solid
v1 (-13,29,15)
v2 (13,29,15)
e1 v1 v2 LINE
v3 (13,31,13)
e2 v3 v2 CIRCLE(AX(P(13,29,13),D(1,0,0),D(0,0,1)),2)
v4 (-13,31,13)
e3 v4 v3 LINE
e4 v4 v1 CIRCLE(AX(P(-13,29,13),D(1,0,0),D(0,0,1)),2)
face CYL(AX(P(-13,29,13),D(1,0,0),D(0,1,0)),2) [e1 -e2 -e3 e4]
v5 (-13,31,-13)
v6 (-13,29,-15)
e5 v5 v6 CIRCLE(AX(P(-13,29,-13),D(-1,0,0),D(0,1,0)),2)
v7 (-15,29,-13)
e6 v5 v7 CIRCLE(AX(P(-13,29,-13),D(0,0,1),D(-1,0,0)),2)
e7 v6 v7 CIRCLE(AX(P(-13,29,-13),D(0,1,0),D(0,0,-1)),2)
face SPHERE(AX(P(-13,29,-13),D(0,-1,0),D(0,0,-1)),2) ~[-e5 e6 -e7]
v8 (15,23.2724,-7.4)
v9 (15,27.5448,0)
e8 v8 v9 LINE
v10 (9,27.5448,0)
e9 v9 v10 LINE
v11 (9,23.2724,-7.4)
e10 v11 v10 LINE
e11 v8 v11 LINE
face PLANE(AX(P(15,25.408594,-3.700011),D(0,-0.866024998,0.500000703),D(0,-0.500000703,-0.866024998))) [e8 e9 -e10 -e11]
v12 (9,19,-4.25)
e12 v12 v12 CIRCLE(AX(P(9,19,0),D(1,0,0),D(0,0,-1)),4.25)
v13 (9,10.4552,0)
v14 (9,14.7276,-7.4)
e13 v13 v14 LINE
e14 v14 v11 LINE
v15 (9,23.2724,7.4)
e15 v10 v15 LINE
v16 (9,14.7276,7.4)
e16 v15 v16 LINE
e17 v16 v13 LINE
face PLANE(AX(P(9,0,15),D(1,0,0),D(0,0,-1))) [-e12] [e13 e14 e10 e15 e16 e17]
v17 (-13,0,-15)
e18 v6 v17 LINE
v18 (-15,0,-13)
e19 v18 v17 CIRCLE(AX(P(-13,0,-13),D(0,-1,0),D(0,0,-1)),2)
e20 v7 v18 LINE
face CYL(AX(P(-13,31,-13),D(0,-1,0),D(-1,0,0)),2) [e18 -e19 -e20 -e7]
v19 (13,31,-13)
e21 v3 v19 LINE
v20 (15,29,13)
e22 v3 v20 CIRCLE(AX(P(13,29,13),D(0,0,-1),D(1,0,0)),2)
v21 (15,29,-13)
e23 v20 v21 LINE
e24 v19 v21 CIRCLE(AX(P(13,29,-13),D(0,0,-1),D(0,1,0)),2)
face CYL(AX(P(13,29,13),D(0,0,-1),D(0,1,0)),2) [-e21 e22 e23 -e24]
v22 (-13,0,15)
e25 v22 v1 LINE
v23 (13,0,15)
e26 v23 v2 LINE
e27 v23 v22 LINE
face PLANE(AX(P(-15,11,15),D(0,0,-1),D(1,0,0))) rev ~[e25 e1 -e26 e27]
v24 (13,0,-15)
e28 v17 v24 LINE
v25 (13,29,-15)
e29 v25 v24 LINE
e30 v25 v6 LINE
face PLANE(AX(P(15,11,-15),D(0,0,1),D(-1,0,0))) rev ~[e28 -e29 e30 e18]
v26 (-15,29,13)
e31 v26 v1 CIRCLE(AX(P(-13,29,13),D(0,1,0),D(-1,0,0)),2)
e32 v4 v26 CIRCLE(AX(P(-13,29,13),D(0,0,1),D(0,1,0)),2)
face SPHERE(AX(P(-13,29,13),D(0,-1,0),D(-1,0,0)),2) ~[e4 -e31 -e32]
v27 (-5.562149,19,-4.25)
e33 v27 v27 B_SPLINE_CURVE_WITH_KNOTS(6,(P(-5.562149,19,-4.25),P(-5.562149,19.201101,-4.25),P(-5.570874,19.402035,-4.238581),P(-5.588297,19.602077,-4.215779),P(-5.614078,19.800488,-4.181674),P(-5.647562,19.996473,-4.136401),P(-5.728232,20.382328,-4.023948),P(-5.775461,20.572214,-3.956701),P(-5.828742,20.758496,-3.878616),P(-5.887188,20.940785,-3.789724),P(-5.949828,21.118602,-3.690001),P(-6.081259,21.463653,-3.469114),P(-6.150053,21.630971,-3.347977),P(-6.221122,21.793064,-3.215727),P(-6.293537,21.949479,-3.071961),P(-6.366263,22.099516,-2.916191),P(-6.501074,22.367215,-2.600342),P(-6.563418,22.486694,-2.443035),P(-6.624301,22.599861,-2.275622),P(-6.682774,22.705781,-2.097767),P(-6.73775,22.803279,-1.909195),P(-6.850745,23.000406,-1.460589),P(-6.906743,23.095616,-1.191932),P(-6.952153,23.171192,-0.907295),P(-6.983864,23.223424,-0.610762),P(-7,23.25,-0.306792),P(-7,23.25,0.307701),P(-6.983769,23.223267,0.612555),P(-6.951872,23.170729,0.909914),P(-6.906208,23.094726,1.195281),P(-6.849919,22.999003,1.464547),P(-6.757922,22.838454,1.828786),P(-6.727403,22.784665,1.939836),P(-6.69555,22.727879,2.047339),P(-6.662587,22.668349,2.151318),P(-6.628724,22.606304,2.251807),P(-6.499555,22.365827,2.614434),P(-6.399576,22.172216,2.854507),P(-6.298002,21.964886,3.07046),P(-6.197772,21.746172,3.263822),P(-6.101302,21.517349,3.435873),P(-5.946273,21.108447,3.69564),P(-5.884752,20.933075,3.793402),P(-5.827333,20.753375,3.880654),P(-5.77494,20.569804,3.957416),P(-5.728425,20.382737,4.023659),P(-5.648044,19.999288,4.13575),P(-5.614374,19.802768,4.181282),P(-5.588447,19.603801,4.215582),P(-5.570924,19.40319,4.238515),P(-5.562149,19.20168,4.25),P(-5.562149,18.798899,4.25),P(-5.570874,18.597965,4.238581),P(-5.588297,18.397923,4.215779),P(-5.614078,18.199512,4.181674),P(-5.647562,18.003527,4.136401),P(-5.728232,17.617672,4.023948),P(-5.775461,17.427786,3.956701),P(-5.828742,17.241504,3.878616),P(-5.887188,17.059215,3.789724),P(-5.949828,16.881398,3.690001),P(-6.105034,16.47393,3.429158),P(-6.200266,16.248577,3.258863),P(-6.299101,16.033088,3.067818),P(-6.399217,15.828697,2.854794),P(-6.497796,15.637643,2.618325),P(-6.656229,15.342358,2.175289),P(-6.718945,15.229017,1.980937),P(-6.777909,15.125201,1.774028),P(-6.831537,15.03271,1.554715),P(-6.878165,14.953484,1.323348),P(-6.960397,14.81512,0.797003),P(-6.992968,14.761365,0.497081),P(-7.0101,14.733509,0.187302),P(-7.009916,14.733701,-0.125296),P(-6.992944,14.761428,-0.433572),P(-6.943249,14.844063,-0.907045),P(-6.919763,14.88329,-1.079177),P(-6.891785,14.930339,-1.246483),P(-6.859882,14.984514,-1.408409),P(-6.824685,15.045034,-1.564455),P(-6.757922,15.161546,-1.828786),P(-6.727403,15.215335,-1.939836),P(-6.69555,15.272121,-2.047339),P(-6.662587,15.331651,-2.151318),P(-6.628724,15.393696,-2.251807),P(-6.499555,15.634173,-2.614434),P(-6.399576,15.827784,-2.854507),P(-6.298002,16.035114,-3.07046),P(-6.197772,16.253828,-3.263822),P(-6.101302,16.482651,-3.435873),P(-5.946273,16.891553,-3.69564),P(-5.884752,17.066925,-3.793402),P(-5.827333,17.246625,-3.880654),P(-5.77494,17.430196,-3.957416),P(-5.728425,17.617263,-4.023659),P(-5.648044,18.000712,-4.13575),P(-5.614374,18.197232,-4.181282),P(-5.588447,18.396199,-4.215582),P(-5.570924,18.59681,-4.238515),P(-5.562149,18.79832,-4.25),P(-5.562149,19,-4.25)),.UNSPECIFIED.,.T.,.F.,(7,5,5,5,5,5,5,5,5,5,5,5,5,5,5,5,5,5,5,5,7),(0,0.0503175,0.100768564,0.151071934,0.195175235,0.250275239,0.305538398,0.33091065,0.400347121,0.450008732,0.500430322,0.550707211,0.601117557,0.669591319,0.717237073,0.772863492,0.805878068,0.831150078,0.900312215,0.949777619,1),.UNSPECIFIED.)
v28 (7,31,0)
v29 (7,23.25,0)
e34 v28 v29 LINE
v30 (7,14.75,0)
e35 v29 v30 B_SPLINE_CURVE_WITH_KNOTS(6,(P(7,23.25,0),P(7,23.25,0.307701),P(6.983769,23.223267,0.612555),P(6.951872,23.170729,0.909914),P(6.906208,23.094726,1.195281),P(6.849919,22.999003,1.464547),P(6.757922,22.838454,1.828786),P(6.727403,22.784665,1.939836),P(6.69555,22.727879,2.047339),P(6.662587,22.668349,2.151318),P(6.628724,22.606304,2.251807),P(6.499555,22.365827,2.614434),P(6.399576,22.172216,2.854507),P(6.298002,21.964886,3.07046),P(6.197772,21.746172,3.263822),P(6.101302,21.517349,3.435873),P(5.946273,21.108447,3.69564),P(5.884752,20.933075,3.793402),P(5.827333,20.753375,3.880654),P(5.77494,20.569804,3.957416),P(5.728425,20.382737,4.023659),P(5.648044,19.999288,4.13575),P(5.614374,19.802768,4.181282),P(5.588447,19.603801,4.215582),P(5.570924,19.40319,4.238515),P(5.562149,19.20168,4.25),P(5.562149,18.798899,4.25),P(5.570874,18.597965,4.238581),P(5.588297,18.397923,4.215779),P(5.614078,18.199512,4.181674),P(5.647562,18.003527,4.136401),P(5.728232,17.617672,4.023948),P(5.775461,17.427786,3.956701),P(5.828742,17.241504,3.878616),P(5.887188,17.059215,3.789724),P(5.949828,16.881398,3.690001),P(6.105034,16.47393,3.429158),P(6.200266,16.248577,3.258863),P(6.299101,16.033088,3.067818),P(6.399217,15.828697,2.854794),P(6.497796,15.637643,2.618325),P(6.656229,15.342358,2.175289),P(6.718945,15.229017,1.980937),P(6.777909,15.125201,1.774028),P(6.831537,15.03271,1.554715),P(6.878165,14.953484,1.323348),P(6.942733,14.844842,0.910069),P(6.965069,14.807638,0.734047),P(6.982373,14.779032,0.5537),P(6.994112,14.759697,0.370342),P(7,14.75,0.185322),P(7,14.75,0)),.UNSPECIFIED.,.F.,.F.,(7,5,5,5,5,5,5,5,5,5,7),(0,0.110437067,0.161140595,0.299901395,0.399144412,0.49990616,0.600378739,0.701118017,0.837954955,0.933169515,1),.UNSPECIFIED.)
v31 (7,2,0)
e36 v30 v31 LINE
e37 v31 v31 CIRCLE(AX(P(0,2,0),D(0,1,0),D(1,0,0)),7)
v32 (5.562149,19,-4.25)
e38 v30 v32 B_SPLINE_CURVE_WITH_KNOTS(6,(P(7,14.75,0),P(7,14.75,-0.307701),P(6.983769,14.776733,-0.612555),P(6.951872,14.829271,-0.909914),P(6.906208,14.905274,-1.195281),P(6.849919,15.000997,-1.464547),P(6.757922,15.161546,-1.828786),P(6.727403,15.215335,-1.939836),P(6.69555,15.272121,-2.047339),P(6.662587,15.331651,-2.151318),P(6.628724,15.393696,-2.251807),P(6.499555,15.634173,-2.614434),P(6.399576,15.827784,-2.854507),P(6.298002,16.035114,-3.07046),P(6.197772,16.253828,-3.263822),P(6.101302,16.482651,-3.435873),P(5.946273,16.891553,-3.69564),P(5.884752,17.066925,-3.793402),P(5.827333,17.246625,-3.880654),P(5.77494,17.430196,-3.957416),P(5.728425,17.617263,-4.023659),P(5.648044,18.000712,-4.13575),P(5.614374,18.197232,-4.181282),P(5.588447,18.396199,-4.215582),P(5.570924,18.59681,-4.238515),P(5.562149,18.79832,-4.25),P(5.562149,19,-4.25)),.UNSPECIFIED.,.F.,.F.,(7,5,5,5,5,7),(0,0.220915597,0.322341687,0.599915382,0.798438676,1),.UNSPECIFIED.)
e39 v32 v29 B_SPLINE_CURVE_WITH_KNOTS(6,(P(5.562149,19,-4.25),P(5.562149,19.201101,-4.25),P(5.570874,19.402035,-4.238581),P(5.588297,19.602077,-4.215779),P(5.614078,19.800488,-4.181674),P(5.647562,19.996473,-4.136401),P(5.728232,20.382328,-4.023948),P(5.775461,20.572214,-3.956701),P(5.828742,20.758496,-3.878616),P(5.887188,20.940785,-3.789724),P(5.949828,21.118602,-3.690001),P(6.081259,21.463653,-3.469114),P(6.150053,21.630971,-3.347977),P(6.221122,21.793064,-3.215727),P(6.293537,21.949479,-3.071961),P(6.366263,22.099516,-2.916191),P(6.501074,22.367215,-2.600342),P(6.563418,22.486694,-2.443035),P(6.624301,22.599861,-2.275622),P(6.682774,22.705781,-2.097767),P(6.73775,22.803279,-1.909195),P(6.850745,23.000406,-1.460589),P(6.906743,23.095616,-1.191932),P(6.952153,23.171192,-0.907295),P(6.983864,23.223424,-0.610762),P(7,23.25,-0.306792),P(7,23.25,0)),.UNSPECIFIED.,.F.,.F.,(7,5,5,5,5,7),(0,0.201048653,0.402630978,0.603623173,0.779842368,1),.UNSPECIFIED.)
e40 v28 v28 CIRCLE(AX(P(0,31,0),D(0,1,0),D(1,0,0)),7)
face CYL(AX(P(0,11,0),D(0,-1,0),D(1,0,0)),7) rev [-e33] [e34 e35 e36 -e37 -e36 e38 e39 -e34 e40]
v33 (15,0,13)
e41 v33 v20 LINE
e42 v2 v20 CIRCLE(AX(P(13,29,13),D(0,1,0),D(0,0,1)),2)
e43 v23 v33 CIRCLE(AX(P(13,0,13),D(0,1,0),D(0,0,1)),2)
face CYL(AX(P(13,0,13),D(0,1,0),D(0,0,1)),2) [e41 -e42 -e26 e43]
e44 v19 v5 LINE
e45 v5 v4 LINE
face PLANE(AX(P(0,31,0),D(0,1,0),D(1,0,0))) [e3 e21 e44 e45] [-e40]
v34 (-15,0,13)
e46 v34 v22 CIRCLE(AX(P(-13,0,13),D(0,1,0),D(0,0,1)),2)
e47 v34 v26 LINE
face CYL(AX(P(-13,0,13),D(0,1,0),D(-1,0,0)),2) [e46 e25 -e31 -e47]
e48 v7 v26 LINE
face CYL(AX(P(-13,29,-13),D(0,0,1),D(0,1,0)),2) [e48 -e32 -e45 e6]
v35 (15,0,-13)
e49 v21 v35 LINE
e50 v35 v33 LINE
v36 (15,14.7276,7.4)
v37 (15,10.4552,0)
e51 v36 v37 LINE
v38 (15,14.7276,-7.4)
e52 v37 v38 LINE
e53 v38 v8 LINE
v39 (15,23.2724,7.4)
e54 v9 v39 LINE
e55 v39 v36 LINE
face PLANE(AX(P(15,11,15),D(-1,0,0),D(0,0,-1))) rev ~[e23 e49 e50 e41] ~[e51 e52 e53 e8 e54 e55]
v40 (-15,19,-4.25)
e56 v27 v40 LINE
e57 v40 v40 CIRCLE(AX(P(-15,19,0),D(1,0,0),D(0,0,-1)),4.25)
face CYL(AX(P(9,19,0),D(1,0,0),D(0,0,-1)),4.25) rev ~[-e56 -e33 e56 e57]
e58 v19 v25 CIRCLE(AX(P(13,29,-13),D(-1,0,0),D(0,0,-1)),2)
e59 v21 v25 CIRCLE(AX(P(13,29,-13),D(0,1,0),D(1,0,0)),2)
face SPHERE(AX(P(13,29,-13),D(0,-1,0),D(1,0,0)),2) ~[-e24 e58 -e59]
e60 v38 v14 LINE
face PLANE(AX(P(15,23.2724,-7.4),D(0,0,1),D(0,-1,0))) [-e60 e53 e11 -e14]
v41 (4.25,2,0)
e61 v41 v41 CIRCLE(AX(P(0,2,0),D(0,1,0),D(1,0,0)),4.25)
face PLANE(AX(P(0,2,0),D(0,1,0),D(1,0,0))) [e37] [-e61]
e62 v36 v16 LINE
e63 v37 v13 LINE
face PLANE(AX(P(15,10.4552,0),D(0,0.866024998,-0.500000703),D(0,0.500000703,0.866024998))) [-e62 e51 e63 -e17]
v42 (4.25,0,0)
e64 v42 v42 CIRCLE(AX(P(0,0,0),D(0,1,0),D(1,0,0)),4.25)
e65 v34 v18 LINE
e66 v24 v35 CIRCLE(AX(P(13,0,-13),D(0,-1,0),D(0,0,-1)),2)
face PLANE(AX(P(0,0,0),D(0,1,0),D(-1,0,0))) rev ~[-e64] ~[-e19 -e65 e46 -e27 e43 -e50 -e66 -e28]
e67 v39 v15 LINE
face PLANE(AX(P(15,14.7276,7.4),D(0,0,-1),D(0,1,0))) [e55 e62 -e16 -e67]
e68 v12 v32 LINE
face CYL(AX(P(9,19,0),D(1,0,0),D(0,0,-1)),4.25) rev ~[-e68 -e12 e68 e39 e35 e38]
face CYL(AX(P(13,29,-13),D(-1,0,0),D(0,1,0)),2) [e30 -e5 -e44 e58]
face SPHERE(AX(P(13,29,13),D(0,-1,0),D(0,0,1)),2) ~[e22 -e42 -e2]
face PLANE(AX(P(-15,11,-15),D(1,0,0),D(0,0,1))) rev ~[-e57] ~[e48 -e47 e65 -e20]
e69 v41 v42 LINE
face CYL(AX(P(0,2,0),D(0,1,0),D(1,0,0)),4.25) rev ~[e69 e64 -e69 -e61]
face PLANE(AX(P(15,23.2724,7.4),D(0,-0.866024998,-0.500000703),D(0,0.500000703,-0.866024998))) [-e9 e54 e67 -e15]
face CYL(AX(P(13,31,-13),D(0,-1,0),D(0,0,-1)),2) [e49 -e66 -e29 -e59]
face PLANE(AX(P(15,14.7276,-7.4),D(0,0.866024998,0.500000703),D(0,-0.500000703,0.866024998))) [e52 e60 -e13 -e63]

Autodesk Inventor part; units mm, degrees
ref_plane "YZ Plane" through (0, 0, 0) normal (1, 0, 0) x (0, 1, 0)
ref_plane "XZ Plane" through (0, 0, 0) normal (0, 1, 0) x (-1, 0, 0)
ref_plane "XY Plane" through (0, 0, 0) normal (0, 0, 1) x (1, 0, 0)
sketch "Sketch1" plane through (0, 0, 0) normal (0, 1, 0) x (-1, 0, 0)
  line L0 (-15, 15) -> (15, 15)
  line L1 (15, 15) -> (15, -15)
  line L2 (15, -15) -> (-15, -15)
  line L3 (-15, -15) -> (-15, 15)
  line L4 (-15, 15) -> (15, -15) construction
  line L5 (15, 15) -> (-15, -15) construction
  point P0 (0, 0)
  dimension "d0" = 30
  dimension "d1" = 30
extrude "Extrusion1" add sketch "Sketch1" along normal blind 11
sketch "Sketch2" plane through (0, 11, 0) normal (0, 1, 0) x (1, 0, 0)
  circle A0 centre (0, 0) radius 7
  dimension "d4" = 14
extrude "Extrusion2" cut sketch "Sketch2" against normal blind 9
sketch "Sketch3" plane through (0, 11, 0) normal (0, 1, 0) x (1, 0, 0)
  circle A0 centre (0, 0) radius 7 projected
  line L0 (-15, -15) -> (15, -15) projected
  line L1 (15, -15) -> (15, 15) projected
  line L2 (15, 15) -> (-15, 15) projected
  line L3 (-15, 15) -> (-15, -15) projected
extrude "Extrusion3" add sketch "Sketch3" along normal blind 20
sketch "Sketch4" plane through (15, 0, 15) normal (1, 0, 0) x (0, 0, -1)
  circle A0 centre (15, 19) radius 4
  line L0 (0, 31) -> (30, 31) projected
  line L1 (15, 27.5448) -> (22.4, 23.2724)
  line L2 (22.4, 23.2724) -> (22.4, 14.7276)
  line L3 (22.4, 14.7276) -> (15, 10.4552)
  line L4 (15, 10.4552) -> (7.6, 14.7276)
  line L5 (7.6, 14.7276) -> (7.6, 23.2724)
  line L6 (7.6, 23.2724) -> (15, 27.5448)
  circle A1 centre (15, 19) radius 7.4
  point P0 (15, 0)
  dimension "d9" = 8
  dimension "d10" = 12
  dimension "d22" = 14.8
extrude "Extrusion4" cut sketch "Sketch4" against normal blind 6 contours A0 | L1 A1 L6 | L1 L2 A1 | A1 | A1 L5 L6 | L2 L3 A1 | A1 L4 L5 | L3 L4 A1
sketch "Sketch5" plane through (9, 0, 15) normal (1, 0, 0) x (0, 0, -1)
  circle A0 centre (15, 19) radius 4.25
  line L0 (0, 31) -> (30, 31) projected
  point P0 (15, 0)
  dimension "d14" = 8.5
  dimension "d20" = 12
extrude "Extrusion5" cut sketch "Sketch5" against normal through all
sketch "Sketch6" plane through (0, 2, 0) normal (0, 1, 0) x (1, 0, 0)
  circle A0 centre (0, 0) radius 4.25
  dimension "d17" = 8.5
extrude "Extrusion6" cut sketch "Sketch6" against normal through all
fillet "Fillet1" radius 2 4 edges at (15, 15.5, -15) (-15, 15.5, -15) (-15, 15.5, 15) (15, 15.5, 15)
fillet "Fillet2" radius 2 8 edges at (14.4142, 31, 14.4142) (15, 31, 0) (14.4142, 31, -14.4142) (0, 31, -15) (-14.4142, 31, -14.4142) (-15, 31, 0) (-14.4142, 31, 14.4142) (0, 31, 15)
properties part number "Spoolsupport"
